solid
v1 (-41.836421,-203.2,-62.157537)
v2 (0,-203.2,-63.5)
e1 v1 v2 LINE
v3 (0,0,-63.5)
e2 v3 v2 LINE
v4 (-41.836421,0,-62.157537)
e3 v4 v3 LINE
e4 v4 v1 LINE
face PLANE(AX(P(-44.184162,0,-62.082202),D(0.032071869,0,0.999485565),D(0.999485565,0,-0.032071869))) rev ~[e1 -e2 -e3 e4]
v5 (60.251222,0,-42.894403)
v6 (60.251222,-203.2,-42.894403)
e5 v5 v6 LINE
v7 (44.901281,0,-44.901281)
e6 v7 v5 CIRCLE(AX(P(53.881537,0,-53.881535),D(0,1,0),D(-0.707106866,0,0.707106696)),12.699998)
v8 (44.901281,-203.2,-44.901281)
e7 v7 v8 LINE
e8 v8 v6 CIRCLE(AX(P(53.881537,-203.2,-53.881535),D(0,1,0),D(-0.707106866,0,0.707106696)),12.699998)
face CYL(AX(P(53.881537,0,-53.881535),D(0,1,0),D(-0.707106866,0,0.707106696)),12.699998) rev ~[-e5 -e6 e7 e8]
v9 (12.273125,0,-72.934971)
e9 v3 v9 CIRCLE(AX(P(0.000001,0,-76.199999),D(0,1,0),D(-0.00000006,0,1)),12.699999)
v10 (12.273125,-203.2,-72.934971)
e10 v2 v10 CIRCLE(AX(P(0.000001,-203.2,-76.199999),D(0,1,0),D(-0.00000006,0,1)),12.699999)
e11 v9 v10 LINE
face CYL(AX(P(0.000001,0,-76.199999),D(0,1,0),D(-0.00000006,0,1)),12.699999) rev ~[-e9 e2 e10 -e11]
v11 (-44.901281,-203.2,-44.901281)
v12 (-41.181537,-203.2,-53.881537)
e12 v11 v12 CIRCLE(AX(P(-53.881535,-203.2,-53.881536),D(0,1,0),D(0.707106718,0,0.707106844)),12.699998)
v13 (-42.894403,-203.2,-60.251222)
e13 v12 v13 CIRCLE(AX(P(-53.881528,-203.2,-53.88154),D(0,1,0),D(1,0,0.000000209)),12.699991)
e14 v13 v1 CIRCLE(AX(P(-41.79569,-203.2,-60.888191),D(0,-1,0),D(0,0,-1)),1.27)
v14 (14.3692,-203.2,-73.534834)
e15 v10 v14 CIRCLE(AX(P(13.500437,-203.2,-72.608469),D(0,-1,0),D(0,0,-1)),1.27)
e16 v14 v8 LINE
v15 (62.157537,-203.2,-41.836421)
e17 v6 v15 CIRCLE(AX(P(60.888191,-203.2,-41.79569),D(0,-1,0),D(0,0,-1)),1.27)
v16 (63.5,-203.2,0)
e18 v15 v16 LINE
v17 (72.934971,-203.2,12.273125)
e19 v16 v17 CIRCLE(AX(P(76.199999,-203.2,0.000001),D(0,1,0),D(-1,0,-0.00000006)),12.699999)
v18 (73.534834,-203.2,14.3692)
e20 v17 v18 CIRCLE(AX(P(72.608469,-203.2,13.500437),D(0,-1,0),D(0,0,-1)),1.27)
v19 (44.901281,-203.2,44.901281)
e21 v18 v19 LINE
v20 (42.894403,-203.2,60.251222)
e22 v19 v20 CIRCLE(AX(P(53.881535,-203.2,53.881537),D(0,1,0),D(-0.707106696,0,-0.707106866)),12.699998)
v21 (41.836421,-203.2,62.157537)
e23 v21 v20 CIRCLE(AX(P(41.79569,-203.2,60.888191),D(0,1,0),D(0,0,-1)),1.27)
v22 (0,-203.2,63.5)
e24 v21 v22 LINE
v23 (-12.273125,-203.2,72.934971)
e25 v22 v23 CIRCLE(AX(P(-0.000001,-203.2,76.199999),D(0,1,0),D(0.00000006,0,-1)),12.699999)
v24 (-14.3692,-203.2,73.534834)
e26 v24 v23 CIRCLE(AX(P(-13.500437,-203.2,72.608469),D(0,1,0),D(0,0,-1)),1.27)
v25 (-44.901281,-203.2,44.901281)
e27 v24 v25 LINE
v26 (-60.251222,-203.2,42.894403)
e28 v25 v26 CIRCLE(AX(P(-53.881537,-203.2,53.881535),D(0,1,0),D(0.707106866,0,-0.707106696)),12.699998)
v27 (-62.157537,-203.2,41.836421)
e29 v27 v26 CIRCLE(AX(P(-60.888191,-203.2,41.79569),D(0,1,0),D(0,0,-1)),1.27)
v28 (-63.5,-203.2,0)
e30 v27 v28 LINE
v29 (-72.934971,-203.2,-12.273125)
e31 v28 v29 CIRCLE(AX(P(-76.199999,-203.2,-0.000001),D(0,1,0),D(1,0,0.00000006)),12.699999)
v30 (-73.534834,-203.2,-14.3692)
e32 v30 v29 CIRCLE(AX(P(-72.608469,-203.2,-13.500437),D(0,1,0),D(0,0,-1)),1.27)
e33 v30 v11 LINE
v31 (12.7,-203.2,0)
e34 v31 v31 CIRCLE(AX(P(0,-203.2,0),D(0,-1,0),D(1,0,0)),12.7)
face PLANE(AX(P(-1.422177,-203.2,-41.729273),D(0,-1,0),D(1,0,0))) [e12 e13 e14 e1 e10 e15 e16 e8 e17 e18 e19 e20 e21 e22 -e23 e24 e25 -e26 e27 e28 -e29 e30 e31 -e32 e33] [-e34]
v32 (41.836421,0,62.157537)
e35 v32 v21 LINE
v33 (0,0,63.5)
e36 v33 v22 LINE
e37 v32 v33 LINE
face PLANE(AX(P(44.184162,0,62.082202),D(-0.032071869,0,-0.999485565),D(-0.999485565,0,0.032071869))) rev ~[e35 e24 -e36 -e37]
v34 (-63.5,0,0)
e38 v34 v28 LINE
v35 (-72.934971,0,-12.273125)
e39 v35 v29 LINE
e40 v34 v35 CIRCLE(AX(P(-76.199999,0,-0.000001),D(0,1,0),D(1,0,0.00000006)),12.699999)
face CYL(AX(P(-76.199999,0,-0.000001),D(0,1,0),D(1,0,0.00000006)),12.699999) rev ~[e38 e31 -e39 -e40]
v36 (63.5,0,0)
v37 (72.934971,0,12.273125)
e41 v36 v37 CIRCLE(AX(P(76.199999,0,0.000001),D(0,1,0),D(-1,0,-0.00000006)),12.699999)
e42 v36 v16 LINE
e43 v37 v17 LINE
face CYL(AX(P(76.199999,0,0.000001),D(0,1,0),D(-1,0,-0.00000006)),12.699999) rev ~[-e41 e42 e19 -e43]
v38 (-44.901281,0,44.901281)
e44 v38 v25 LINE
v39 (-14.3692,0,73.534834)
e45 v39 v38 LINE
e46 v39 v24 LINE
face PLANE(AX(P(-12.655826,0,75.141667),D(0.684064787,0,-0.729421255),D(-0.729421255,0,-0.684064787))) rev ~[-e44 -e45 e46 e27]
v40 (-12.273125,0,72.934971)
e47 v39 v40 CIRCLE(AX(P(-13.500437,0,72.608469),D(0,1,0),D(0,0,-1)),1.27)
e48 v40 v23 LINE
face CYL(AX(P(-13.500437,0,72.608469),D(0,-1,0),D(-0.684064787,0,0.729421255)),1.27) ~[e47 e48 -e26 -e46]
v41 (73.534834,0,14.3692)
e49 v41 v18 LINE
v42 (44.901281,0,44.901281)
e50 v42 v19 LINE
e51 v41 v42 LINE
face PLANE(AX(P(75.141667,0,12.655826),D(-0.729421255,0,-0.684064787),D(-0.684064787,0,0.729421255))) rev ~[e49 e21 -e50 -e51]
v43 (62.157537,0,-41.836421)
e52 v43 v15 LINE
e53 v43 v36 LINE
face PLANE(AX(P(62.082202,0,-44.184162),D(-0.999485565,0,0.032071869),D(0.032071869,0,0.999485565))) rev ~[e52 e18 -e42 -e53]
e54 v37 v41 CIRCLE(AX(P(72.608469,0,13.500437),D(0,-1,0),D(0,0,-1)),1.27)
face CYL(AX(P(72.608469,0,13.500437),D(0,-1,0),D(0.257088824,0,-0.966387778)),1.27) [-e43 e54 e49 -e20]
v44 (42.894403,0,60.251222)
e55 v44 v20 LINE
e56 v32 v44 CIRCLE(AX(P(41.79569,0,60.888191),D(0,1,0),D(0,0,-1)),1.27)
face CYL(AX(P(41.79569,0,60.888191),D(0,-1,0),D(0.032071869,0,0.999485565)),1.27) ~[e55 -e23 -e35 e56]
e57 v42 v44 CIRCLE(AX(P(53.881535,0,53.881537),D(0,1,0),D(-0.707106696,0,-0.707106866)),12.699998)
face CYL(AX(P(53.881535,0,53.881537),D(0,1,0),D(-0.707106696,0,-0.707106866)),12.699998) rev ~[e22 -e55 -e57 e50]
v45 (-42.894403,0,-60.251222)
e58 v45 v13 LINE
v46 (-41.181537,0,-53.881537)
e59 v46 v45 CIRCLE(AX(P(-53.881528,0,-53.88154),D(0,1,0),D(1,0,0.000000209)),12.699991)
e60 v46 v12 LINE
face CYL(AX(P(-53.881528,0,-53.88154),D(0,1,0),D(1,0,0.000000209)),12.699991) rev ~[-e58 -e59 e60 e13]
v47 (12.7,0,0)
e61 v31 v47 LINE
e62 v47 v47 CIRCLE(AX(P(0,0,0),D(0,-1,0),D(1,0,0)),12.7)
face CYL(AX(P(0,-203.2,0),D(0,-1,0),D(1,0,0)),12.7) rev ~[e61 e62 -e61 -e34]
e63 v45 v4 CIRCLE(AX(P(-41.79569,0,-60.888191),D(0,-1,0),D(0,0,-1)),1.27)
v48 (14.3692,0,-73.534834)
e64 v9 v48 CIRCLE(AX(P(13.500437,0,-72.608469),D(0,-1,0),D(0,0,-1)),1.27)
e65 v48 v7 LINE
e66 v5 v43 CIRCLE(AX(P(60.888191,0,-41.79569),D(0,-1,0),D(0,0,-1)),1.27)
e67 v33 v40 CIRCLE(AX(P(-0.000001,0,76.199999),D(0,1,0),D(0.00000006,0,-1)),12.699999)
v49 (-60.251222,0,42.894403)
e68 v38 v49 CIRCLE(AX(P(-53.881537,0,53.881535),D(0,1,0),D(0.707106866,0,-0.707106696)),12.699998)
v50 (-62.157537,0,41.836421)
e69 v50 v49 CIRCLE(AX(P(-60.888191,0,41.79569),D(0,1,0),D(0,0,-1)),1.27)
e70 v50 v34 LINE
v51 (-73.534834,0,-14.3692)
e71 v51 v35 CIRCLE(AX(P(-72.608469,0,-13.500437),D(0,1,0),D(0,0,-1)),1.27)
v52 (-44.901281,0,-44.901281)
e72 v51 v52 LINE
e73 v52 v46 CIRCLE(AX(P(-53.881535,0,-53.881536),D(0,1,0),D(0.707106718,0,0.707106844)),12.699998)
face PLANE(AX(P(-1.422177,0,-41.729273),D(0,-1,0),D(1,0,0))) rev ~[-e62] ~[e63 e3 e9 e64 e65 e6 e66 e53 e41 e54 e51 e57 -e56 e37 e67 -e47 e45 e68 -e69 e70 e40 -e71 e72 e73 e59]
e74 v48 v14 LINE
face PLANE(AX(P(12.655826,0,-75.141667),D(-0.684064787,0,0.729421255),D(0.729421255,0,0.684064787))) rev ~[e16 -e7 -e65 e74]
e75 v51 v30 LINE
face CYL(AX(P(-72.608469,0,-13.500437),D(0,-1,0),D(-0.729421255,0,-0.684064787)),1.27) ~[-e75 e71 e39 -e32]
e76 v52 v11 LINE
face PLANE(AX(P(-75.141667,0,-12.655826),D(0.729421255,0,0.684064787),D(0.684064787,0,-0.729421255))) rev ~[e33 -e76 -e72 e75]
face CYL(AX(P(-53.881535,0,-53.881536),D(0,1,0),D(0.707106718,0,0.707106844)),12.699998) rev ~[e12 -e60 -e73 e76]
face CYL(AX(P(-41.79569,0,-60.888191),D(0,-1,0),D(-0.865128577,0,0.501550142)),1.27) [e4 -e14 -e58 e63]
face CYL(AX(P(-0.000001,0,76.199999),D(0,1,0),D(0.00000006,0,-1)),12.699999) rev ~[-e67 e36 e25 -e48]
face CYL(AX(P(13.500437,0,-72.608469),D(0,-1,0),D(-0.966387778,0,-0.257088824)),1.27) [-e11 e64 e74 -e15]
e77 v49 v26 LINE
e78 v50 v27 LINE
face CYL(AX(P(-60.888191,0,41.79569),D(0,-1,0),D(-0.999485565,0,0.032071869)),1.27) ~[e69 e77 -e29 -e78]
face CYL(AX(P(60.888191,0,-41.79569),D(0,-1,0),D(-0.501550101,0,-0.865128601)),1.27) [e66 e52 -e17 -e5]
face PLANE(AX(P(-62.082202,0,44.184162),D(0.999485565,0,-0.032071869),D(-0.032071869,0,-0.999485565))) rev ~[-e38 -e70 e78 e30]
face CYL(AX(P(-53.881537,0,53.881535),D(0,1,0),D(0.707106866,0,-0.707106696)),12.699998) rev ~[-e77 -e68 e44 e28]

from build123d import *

# Parameters (mm, degrees)
F1_DEPTH = 203.2
F2_R     = 12.7
F3_DEPTH = 203.201
F4_R     = 1.27


with BuildPart() as f1:
    # F0 (on Front) → F1 (new body)
    with BuildSketch(Plane.XZ):
        with BuildLine():
            Line((44.901281, -44.901281), (0, 0))
            Line((0, 0), (-44.901281, -44.901281))
            ThreePointArc((-44.901281, -44.901281), (-42.148267, -49.021457), (-41.181537, -53.881537))
            ThreePointArc((-41.181537, -53.881537), (-41.955794, -58.248076), (-44.184162, -62.082202))
            Line((-44.184162, -62.082202), (0, -63.5))
            ThreePointArc((0, -63.5), (8.597941, -66.853053), (12.655826, -75.141667))
            Line((12.655826, -75.141667), (44.901281, -44.901281))
        make_face()
        with BuildLine():
            ThreePointArc((63.5, 0), (66.853053, 8.597941), (75.141667, 12.655826))
            Line((75.141667, 12.655826), (44.901281, 44.901281))
            Line((44.901281, 44.901281), (0, 0))
            Line((0, 0), (44.901281, -44.901281))
            ThreePointArc((44.901281, -44.901281), (53.351909, -41.192585), (62.082202, -44.184162))
            Line((62.082202, -44.184162), (63.5, 0))
        make_face()
        with BuildLine():
            Line((0, 0), (44.901281, 44.901281))
            ThreePointArc((44.901281, 44.901281), (41.192585, 53.351909), (44.184162, 62.082202))
            Line((44.184162, 62.082202), (0, 63.5))
            ThreePointArc((0, 63.5), (-8.597941, 66.853053), (-12.655826, 75.141667))
            Line((-12.655826, 75.141667), (-44.901281, 44.901281))
            Line((-44.901281, 44.901281), (0, 0))
        make_face()
        with BuildLine():
            Line((-44.901281, -44.901281), (0, 0))
            Line((0, 0), (-44.901281, 44.901281))
            ThreePointArc((-44.901281, 44.901281), (-53.351909, 41.192585), (-62.082202, 44.184162))
            Line((-62.082202, 44.184162), (-63.5, 0))
            ThreePointArc((-63.5, 0), (-66.853053, -8.597941), (-75.141667, -12.655826))
            Line((-75.141667, -12.655826), (-44.901281, -44.901281))
        make_face()
    extrude(amount=F1_DEPTH)

    # F2 (on face) → F3 (cut, through all)
    with BuildSketch(Plane.XZ.offset(203.2)):
        Circle(F2_R)
    extrude(amount=-F3_DEPTH, mode=Mode.SUBTRACT)

    # F4
    f4_edges = [f1.edges().sort_by_distance(p)[0] for p in [
        (-12.655826, -101.6, 75.141667),
        (44.184162, -101.6, 62.082202),
        (-62.082202, -101.6, 44.184162),
        (-75.141667, -101.6, -12.655826),
        (-44.184162, -101.6, -62.082202),
        (12.655826, -101.6, -75.141667),
        (62.082202, -101.6, -44.184162),
        (75.141667, -101.6, 12.655826),
    ]]
    fillet(f4_edges, radius=F4_R)


solid = f1.part
